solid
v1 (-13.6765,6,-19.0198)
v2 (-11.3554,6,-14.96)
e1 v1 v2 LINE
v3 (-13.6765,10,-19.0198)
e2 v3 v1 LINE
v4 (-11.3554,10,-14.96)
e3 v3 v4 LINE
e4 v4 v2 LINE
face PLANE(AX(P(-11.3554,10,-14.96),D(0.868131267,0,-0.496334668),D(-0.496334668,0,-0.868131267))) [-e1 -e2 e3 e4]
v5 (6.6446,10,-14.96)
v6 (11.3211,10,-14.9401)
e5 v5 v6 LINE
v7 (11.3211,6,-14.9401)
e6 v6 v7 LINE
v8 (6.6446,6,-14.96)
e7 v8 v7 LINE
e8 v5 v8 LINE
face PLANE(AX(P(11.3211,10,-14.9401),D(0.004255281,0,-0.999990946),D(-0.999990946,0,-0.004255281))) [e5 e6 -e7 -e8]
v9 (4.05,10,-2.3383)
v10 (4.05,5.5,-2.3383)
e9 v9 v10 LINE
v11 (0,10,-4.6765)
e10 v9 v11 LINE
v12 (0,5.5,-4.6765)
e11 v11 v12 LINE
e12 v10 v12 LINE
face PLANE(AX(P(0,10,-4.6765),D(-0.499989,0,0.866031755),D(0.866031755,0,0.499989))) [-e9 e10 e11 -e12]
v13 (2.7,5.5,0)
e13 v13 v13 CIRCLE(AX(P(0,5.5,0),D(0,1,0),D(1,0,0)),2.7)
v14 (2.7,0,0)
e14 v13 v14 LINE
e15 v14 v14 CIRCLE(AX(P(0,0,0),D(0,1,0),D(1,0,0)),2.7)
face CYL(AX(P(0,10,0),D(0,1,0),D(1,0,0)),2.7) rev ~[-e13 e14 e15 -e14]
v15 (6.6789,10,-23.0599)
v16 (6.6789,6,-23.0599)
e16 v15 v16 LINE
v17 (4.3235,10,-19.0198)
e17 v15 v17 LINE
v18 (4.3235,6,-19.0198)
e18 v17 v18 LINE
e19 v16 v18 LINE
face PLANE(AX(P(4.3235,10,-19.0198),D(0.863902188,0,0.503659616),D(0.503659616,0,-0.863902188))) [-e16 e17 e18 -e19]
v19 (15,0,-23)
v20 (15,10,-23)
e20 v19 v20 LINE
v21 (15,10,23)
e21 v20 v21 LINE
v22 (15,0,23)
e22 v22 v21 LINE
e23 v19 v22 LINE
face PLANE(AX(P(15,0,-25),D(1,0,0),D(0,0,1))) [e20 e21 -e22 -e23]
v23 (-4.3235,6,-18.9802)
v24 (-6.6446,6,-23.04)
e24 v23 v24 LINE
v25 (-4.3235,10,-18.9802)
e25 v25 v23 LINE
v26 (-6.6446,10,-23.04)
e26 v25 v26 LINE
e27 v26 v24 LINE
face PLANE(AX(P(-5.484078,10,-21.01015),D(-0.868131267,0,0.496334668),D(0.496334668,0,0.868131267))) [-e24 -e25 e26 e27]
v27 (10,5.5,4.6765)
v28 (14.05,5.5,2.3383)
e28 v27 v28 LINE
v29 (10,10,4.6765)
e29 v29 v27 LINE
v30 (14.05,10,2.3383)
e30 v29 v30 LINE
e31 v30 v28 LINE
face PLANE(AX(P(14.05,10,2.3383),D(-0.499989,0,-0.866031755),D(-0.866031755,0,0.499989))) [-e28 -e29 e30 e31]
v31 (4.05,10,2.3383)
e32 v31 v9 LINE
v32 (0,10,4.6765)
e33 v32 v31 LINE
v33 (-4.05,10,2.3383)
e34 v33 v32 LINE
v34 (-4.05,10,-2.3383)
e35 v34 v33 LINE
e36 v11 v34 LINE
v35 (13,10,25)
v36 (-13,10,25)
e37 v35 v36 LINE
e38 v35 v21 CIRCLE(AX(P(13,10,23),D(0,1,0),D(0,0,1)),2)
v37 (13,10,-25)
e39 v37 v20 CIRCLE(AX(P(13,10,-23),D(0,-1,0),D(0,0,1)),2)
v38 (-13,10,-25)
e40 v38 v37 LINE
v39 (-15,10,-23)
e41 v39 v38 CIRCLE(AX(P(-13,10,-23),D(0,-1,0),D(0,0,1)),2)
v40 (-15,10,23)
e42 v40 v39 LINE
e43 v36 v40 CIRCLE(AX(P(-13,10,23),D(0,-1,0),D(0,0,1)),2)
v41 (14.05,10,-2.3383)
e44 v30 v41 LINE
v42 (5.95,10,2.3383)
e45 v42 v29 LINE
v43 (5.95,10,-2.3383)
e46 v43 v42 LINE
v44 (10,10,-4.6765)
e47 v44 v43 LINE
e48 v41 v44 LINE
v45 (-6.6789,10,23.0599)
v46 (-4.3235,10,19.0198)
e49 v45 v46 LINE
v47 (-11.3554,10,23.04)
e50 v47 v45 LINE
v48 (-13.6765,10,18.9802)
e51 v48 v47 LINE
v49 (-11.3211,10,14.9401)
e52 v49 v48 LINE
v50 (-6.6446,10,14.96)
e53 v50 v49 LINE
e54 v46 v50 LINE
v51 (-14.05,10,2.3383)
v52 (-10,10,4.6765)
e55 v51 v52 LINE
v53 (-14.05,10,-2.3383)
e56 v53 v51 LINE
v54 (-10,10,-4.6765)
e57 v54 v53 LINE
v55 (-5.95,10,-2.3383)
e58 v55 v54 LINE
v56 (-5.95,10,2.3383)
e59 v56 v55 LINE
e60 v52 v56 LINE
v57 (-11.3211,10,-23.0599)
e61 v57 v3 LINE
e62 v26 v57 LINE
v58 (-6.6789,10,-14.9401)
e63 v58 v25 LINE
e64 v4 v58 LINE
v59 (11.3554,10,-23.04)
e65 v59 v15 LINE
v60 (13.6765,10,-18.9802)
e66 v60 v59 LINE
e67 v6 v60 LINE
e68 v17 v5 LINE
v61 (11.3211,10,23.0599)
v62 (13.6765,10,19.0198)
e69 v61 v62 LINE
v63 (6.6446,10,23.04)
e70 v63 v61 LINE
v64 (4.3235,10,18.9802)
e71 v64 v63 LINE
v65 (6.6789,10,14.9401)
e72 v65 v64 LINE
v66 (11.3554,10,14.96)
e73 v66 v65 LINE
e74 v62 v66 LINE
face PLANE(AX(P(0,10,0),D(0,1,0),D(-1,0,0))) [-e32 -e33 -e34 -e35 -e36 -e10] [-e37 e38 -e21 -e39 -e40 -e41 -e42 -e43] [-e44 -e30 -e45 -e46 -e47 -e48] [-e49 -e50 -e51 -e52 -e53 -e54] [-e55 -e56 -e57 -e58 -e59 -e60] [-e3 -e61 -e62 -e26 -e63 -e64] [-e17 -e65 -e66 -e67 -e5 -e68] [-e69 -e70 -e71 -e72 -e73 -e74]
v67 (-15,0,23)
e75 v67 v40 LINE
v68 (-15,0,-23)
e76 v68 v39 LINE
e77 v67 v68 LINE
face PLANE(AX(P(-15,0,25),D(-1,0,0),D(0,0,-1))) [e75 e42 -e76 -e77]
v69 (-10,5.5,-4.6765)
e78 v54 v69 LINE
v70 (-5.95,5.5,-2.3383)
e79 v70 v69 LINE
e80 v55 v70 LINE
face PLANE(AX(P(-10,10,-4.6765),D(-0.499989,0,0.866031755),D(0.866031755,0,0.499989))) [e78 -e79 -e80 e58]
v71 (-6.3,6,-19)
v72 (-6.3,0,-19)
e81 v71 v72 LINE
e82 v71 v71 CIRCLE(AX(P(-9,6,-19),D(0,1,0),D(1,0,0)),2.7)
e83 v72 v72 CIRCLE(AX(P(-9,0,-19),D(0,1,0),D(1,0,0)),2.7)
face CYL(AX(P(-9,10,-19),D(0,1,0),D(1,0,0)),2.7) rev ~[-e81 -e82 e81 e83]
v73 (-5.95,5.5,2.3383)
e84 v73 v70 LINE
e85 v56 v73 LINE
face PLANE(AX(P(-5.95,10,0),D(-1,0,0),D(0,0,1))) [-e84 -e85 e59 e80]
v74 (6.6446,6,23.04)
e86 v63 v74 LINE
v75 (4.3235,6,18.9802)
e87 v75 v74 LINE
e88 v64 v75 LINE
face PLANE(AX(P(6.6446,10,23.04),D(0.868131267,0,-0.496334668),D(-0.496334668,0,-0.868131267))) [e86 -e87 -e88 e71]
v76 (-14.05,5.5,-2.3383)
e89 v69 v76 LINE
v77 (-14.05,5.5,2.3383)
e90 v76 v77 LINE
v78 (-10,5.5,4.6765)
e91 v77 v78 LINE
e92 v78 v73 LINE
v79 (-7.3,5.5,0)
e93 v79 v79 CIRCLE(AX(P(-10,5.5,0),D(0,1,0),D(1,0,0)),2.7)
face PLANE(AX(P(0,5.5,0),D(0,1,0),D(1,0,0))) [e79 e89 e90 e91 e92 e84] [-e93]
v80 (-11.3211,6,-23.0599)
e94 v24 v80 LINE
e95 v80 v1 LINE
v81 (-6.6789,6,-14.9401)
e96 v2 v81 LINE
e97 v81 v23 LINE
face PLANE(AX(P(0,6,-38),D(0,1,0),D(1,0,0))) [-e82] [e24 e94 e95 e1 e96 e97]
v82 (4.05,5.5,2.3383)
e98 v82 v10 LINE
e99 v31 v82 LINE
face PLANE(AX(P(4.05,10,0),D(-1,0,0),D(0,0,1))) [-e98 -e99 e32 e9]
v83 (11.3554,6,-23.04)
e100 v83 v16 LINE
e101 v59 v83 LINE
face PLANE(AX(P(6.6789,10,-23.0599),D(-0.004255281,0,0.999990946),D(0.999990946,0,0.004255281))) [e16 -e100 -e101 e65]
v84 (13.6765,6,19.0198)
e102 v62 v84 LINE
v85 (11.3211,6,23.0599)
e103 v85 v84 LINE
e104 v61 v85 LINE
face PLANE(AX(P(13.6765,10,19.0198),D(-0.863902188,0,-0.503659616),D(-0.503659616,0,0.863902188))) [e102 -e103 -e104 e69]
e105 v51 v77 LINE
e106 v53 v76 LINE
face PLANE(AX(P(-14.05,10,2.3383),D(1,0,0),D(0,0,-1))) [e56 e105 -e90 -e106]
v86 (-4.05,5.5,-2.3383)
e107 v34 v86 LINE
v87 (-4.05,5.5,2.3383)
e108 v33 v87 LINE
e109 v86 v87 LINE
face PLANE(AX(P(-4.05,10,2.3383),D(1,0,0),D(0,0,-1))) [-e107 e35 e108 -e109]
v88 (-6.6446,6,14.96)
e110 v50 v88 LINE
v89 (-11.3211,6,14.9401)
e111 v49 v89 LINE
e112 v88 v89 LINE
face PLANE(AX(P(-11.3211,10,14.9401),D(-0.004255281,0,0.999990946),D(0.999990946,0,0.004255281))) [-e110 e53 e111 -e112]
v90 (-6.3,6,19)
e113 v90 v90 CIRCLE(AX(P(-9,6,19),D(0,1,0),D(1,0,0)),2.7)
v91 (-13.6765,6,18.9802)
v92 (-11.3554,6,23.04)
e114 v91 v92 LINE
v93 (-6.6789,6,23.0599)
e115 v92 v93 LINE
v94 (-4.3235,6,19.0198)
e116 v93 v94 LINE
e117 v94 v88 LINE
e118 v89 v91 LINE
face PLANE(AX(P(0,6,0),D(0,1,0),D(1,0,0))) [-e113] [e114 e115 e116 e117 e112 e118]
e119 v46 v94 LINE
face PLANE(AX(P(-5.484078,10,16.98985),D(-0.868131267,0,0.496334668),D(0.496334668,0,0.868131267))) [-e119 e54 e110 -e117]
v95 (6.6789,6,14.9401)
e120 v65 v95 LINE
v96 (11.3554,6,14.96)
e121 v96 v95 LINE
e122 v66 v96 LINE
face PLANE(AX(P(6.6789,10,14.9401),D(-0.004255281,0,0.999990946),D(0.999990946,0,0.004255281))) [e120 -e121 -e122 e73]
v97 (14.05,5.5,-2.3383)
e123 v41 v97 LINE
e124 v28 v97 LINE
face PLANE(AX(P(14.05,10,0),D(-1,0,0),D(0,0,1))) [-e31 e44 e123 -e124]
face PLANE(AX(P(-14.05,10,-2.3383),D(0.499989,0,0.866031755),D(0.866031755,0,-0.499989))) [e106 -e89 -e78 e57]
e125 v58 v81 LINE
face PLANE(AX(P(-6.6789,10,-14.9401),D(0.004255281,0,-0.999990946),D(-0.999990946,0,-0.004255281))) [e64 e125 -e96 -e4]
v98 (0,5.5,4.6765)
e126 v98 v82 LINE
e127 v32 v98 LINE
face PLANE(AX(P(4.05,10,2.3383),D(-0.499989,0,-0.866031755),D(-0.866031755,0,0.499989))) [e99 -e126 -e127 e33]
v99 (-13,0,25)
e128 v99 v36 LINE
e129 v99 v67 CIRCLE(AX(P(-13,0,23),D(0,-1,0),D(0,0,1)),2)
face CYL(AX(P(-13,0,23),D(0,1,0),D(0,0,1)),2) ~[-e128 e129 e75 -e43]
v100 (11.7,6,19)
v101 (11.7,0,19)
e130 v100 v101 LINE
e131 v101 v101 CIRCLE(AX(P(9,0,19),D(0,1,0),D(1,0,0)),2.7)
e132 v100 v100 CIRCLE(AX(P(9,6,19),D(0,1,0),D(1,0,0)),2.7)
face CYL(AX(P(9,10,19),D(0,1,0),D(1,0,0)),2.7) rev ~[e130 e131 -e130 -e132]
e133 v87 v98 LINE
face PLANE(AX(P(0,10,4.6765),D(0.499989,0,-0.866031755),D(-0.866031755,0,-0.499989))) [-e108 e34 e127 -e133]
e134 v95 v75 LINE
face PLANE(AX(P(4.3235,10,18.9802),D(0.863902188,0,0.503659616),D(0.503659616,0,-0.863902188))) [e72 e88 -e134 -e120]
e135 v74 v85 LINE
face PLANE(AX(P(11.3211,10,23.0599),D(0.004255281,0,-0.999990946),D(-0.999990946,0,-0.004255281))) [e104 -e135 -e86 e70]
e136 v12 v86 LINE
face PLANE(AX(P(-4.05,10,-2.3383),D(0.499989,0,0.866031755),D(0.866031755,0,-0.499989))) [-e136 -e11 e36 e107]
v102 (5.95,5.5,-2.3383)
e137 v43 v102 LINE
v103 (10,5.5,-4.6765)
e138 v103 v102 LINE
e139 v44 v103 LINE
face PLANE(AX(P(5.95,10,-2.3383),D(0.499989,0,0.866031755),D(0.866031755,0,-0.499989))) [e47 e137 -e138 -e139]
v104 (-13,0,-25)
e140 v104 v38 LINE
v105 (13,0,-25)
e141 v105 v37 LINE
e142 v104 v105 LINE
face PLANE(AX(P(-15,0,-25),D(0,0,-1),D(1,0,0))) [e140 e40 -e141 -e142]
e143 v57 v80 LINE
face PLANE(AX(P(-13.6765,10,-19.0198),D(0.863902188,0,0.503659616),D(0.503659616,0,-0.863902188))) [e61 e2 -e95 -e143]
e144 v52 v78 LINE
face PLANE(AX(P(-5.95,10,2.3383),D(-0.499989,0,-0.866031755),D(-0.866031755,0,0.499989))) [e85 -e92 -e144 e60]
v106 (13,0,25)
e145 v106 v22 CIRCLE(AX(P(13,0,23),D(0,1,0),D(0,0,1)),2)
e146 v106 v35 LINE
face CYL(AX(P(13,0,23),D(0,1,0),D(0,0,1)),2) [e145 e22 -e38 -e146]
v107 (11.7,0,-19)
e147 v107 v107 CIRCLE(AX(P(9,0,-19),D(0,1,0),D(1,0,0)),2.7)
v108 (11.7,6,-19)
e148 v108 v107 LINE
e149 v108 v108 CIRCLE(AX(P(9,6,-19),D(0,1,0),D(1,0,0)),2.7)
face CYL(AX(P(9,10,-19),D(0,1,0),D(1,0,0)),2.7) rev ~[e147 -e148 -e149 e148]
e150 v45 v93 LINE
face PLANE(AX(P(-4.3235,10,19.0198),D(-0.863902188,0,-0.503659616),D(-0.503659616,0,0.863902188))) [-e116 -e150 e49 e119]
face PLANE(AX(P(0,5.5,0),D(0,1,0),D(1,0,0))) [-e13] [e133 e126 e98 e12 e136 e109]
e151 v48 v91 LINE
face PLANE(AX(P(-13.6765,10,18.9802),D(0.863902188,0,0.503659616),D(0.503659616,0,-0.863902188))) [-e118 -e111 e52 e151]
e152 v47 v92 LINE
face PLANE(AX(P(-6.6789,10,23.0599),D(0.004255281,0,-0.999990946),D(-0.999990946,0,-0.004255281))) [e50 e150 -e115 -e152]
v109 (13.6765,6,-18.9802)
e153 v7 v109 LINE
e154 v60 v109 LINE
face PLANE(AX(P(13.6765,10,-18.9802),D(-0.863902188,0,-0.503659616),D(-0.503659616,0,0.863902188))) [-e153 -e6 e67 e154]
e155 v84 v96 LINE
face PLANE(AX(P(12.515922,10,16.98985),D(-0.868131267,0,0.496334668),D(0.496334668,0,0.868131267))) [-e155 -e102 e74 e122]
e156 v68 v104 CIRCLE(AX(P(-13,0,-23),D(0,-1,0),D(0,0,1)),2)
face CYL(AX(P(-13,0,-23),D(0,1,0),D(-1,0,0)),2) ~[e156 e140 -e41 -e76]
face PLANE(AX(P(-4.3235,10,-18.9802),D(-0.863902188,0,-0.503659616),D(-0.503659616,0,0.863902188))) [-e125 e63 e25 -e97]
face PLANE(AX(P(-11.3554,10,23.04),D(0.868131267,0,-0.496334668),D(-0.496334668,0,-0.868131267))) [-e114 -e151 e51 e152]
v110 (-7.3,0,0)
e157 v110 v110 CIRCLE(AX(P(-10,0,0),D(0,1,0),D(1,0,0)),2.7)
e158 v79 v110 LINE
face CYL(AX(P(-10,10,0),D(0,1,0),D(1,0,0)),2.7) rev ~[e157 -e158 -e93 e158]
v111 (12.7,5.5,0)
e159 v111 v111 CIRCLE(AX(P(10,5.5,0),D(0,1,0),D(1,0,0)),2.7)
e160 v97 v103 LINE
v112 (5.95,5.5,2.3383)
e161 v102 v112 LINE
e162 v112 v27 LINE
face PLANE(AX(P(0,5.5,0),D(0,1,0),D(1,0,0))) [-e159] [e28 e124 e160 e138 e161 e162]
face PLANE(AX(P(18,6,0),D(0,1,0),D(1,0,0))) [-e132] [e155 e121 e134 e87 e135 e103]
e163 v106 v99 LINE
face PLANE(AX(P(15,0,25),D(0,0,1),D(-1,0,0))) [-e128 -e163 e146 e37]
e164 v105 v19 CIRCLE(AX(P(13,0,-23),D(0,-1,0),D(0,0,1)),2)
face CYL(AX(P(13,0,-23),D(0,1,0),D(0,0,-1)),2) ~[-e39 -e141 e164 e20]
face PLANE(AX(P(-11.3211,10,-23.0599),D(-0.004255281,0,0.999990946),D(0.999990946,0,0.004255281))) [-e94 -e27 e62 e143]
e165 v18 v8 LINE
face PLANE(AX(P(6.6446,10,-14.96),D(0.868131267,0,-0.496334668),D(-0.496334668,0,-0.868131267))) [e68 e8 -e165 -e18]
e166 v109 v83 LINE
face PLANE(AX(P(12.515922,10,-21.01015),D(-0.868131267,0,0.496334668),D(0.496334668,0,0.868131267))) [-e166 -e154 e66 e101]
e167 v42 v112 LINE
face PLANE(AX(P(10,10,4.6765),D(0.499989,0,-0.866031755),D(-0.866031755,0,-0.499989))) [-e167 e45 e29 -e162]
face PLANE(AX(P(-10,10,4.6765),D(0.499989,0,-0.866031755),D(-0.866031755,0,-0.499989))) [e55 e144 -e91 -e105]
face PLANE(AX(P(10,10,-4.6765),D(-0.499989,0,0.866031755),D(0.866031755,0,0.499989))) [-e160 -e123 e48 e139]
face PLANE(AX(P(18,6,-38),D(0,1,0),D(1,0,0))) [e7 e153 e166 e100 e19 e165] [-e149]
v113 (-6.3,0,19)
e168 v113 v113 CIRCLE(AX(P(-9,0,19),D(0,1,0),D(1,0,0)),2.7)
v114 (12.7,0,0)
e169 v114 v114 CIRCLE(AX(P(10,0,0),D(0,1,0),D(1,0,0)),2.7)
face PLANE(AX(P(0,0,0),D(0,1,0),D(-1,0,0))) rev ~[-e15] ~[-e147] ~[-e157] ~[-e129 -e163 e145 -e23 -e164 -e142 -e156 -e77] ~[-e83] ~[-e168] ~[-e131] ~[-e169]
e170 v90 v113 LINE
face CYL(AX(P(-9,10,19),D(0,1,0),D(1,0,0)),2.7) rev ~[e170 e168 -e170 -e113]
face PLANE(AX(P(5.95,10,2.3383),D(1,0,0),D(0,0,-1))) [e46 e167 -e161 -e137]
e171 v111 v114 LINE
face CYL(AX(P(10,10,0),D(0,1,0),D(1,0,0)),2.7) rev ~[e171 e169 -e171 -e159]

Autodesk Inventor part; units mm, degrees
ref_plane "YZ Plane" through (0, 0, 0) normal (1, 0, 0) x (0, 1, 0)
ref_plane "XZ Plane" through (0, 0, 0) normal (0, 1, 0) x (-1, 0, 0)
ref_plane "XY Plane" through (0, 0, 0) normal (0, 0, 1) x (1, 0, 0)
sketch "Boceto1" plane through (0, 0, 0) normal (0, 1, 0) x (-1, 0, 0)
  line L0 (-15, 25) -> (15, 25)
  line L1 (15, 25) -> (15, -25)
  line L2 (15, -25) -> (-15, -25)
  line L3 (-15, -25) -> (-15, 25)
  line L4 (-15, 25) -> (15, -25) construction
  line L5 (15, 25) -> (-15, -25) construction
  point P0 (0, 0)
  dimension "d0" = 30
  dimension "d1" = 50
extrude "Extrusión1" add sketch "Boceto1" along normal blind 10
fillet "Empalme1" radius 2 4 edges at (-15, 5, -25) (-15, 5, 25) (15, 5, -25) (15, 5, 25)
sketch "Boceto2" plane through (0, 10, 0) normal (0, 1, 0) x (1, 0, 0)
  circle A0 centre (-10, 0) radius 2.7
  circle A1 centre (0, 0) radius 2.7
  circle A2 centre (10, 0) radius 2.7
  dimension "d5" = 5.4
  dimension "d6" = 10
  dimension "d7" = 10
extrude "Extrusión2" cut sketch "Boceto2" against normal through all
sketch "Boceto3" plane through (0, 10, 0) normal (0, 1, 0) x (1, 0, 0)
  circle A0 centre (-9, -19) radius 2.7
  circle A1 centre (9, -19) radius 2.7
  circle A2 centre (-9, 19) radius 2.7
  circle A3 centre (9, 19) radius 2.7
  line L0 (-13, -25) -> (13, -25) projected
  line L1 (-15, 23) -> (-15, -23) projected
  line L2 (15, -23) -> (15, 23) projected
  line L3 (13, 25) -> (-13, 25) projected
  point P0 (0, 0)
  dimension "d10" = 5.4
  dimension "d11" = 6
  dimension "d12" = 6
  dimension "d13" = 6
  dimension "d14" = 6
extrude "Extrusión3" cut sketch "Boceto3" against normal through all
sketch "Boceto4" plane through (0, 10, 0) normal (0, 1, 0) x (1, 0, 0)
  circle A0 centre (-10, 0) radius 2.7 projected
  circle A1 centre (-10, 0) radius 4.05
  circle A2 centre (0, 0) radius 2.7 projected
  circle A3 centre (0, 0) radius 4.05
  circle A4 centre (10, 0) radius 2.7 projected
  circle A5 centre (10, 0) radius 4.05
  line L0 (-10, 4.6765) -> (-5.95, 2.3383)
  line L1 (-5.95, 2.3383) -> (-5.95, -2.3383)
  line L2 (-5.95, -2.3383) -> (-10, -4.6765)
  line L3 (-10, -4.6765) -> (-14.05, -2.3383)
  line L4 (-14.05, -2.3383) -> (-14.05, 2.3383)
  line L5 (-14.05, 2.3383) -> (-10, 4.6765)
  line L6 (0, 4.6765) -> (4.05, 2.3383)
  line L7 (4.05, 2.3383) -> (4.05, -2.3383)
  line L8 (4.05, -2.3383) -> (0, -4.6765)
  line L9 (0, -4.6765) -> (-4.05, -2.3383)
  line L10 (-4.05, -2.3383) -> (-4.05, 2.3383)
  line L11 (-4.05, 2.3383) -> (0, 4.6765)
  line L12 (10, 4.6765) -> (14.05, 2.3383)
  line L13 (14.05, 2.3383) -> (14.05, -2.3383)
  line L14 (14.05, -2.3383) -> (10, -4.6765)
  line L15 (10, -4.6765) -> (5.95, -2.3383)
  line L16 (5.95, -2.3383) -> (5.95, 2.3383)
  line L17 (5.95, 2.3383) -> (10, 4.6765)
  dimension "d17" = 8.1
extrude "Extrusión4" cut sketch "Boceto4" against normal blind 4.5 contours A0 | A1 | L1 L2 A1 | A1 L0 L1 | A1 L5 L0 | L2 L3 A1 | A1 L4 L5 | L3 L4 A1 | A2 | A3 | L7 L8 A3 | A3 L6 L7 | A3 L11 L6 | L8 L9 A3 | A3 L10 L11 | L9 L10 A3 | A4 | A5 | L13 L14 A5 | A5 L12 L13 | A5 L17 L12 | L14 L15 A5 | A5 L16 L17 | L15 L16 A5
sketch "Boceto5" plane through (0, 10, 0) normal (0, 1, 0) x (1, 0, 0)
  circle A0 centre (-9, -19) radius 2.7 projected
  circle A1 centre (-9, -19) radius 4.05
  line L0 (-13.6765, -18.9802) -> (-11.3211, -14.9401)
  line L1 (-11.3211, -14.9401) -> (-6.6446, -14.96)
  line L2 (-6.6446, -14.96) -> (-4.3235, -19.0198)
  line L3 (-4.3235, -19.0198) -> (-6.6789, -23.0599)
  line L4 (-6.6789, -23.0599) -> (-11.3554, -23.04)
  line L5 (-11.3554, -23.04) -> (-13.6765, -18.9802)
  point P0 (0, 0)
  dimension "d20" = 8.1
extrude "Extrusión5" cut sketch "Boceto5" against normal blind 4 contours A0 | A1 | A1 L2 L3 | A1 L1 L2 | L3 L4 A1 | A1 L0 L1 | L4 L5 A1 | A1 L5 L0
pattern_linear "Patrón rectangular1" count 2 spacing 38 along (0, 0, -1) count 2 spacing 18 along (1, 0, 0) of "Extrusión5"
properties part number "ViseA"
